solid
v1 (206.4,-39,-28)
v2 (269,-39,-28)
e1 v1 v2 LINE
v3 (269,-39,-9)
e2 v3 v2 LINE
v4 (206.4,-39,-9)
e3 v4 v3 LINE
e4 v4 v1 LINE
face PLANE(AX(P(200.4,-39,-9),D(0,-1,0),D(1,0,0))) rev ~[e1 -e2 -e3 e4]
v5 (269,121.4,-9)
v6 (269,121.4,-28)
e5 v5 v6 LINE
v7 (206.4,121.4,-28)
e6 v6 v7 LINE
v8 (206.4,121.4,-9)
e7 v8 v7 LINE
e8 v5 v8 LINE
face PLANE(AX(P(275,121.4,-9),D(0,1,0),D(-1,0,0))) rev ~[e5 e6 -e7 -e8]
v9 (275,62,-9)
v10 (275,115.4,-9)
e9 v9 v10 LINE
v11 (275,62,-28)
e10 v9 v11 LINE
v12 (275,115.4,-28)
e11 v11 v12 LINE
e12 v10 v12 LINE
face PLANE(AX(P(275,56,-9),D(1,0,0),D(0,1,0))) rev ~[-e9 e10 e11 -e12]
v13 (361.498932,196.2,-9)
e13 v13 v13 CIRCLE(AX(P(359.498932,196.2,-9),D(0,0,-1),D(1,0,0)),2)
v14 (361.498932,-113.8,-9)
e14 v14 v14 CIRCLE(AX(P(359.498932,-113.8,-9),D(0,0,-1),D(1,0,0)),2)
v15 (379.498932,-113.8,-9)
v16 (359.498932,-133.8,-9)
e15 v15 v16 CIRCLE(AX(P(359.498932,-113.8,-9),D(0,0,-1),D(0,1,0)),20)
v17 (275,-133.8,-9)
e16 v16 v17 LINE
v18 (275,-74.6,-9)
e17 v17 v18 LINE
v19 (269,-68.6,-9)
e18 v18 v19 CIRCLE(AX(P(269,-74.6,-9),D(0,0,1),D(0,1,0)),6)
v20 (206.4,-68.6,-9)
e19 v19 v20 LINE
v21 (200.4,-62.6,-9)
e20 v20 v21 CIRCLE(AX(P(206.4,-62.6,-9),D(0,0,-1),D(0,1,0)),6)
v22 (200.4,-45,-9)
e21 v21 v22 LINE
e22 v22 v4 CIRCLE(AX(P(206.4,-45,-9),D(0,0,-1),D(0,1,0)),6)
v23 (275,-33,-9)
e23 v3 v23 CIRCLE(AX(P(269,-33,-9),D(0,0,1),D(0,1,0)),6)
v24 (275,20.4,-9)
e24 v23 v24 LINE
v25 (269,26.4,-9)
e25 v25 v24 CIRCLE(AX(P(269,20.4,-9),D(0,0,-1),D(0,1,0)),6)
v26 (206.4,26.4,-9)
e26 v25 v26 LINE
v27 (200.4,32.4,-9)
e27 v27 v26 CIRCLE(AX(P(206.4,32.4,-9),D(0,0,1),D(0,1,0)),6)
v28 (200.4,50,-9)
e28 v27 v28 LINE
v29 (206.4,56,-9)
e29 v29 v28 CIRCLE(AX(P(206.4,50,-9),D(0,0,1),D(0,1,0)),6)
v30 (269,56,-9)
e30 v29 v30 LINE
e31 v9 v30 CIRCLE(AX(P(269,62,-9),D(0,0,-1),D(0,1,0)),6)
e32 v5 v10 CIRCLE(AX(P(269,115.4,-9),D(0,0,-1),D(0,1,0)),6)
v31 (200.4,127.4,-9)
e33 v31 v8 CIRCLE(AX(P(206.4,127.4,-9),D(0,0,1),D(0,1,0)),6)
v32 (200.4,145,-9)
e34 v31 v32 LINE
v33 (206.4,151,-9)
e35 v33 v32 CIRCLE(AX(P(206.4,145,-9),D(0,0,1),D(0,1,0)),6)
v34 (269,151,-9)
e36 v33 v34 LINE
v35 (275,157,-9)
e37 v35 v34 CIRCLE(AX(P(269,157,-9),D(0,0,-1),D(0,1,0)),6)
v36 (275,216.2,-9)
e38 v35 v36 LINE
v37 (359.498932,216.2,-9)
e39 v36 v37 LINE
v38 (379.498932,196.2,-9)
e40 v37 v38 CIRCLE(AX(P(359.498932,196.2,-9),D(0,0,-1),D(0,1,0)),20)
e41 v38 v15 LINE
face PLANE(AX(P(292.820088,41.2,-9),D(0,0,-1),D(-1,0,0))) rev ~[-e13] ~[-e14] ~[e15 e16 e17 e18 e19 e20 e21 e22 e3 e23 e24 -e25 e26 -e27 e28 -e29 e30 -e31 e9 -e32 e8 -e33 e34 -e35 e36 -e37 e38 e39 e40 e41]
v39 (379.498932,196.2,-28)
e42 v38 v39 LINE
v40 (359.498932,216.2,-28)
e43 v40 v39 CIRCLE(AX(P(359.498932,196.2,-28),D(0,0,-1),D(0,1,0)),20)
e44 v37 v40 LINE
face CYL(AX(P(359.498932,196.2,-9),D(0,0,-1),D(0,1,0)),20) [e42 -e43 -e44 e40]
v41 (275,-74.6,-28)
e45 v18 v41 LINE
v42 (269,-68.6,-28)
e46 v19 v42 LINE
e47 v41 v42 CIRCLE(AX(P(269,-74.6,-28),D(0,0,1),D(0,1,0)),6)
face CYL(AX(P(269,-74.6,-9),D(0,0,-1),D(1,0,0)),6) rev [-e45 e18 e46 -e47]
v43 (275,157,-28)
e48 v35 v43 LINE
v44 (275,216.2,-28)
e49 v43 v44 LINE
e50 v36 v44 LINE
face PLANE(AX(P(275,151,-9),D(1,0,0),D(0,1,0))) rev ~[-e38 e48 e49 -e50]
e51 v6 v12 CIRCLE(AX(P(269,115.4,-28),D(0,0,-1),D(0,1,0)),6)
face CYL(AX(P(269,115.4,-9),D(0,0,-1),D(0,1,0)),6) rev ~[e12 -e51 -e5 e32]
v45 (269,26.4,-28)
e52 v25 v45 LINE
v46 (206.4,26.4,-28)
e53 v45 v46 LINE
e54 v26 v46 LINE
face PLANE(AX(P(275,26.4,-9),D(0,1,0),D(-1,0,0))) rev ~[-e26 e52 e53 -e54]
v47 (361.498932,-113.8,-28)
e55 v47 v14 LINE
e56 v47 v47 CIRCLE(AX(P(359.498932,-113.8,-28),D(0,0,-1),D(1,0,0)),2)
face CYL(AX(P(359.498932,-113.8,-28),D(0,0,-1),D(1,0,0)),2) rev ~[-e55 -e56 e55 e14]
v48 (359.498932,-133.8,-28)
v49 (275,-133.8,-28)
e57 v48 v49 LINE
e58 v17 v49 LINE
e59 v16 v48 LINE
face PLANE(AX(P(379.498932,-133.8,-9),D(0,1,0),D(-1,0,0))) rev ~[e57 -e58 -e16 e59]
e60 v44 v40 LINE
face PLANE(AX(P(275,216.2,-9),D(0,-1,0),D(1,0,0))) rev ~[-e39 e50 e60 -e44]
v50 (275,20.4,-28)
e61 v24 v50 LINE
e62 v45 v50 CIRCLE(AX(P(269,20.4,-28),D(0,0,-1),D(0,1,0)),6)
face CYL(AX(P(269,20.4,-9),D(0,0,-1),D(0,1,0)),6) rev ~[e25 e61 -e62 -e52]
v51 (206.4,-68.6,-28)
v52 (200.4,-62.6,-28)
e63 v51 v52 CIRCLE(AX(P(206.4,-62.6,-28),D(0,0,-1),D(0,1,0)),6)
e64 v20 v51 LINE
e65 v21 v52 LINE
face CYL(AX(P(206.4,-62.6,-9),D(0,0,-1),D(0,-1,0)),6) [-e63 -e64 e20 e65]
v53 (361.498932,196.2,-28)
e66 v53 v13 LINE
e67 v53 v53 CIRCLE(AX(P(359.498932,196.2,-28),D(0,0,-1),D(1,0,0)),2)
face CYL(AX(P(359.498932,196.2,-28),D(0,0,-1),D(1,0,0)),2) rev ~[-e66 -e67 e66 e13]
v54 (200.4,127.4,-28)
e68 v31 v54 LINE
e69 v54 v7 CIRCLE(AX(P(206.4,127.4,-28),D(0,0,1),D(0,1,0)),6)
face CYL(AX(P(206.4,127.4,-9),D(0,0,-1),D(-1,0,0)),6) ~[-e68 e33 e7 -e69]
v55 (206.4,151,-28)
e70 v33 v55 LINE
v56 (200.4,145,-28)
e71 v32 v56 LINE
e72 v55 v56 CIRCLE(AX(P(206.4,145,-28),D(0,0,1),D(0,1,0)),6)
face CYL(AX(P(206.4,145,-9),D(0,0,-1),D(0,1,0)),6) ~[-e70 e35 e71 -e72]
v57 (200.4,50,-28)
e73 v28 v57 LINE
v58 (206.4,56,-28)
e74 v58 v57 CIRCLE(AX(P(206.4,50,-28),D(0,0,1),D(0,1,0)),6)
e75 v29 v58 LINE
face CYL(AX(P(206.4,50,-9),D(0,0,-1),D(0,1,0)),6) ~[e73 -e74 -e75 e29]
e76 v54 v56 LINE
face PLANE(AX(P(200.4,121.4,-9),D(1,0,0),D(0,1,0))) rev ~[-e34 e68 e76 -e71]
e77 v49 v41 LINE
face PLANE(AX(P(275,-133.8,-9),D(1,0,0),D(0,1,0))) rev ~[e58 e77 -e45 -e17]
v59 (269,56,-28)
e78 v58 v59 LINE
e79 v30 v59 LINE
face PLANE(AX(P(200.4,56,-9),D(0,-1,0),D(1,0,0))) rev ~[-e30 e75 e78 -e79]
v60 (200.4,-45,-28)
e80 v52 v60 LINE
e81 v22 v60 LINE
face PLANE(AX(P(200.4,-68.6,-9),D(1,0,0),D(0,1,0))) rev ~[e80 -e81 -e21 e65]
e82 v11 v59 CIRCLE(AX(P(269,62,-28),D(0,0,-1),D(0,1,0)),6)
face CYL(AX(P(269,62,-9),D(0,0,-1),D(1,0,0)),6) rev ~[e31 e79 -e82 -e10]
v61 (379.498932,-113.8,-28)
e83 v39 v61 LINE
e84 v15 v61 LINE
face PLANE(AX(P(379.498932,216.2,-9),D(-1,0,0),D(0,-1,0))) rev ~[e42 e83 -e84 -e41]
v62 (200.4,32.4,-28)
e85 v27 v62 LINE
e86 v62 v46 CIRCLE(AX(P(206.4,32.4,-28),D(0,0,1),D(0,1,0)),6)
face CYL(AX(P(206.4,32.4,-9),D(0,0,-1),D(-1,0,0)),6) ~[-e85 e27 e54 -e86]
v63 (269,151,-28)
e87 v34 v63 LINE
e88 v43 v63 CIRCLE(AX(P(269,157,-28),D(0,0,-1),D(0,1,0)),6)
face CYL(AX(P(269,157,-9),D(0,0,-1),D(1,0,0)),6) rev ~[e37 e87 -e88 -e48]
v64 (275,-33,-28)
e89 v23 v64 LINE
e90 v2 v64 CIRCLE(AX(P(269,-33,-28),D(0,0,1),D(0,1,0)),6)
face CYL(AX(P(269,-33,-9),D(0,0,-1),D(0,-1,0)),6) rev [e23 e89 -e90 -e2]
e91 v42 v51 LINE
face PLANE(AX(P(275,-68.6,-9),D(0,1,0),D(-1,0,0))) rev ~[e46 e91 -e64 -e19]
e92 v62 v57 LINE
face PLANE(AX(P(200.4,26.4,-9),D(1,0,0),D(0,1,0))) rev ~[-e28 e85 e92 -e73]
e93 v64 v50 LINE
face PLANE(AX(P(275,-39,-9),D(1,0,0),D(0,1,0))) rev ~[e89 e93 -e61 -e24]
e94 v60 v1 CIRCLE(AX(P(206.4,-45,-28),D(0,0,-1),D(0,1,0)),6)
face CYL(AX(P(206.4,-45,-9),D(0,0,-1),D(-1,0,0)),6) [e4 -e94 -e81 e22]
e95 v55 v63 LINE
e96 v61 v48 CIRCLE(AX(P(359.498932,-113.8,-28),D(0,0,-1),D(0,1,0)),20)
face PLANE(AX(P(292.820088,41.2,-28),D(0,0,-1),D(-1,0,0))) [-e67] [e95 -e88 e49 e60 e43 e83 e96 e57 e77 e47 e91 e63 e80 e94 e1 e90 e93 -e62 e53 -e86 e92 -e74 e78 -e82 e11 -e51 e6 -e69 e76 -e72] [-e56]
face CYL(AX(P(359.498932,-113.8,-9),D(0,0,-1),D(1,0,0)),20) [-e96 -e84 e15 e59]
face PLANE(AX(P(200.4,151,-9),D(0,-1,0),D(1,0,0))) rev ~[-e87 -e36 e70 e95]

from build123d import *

# Parameters (mm, degrees)
PAD014_DEPTH    = 19
FILLET002_R     = 20
FILLET003_R     = 6
SKETCH029_R     = 2
POCKET019_DEPTH = 19.001


with BuildPart() as part:
    # Sketch017 → Pad014 (new body)
    with BuildSketch(Plane.XY):
        Polygon((275, 216.2), (379.498932, 216.2), (379.498932, -133.8), (275, -133.8), (275, -68.6), (200.4, -68.6), (200.4, -39), (275, -39), (275, 26.4), (200.4, 26.4), (200.4, 56), (275, 56), (275, 121.4), (200.4, 121.4), (200.4, 151), (275, 151), align=None)
    extrude(amount=-PAD014_DEPTH)

    # Fillet002
    fillet002_edges = [part.edges().sort_by_distance(p)[0] for p in [
        (379.498932, 216.2, -9.5),
        (379.498932, -133.8, -9.5),
    ]]
    fillet(fillet002_edges, radius=FILLET002_R)

    # Fillet003
    fillet003_edges = [part.edges().sort_by_distance(p)[0] for p in [
        (200.4, 151, -9.5),
        (200.4, 121.4, -9.5),
        (200.4, 26.4, -9.5),
        (200.4, 56, -9.5),
        (200.4, -39, -9.5),
        (200.4, -68.6, -9.5),
        (275, 151, -9.5),
        (275, 121.4, -9.5),
        (275, 26.4, -9.5),
        (275, -68.6, -9.5),
        (275, -39, -9.5),
        (275, 56, -9.5),
    ]]
    fillet(fillet003_edges, radius=FILLET003_R)

    # Sketch029 (on Face32 of Fillet003) → Pocket019 (cut, through all)
    with BuildSketch(Plane(origin=(0, 0, -19), x_dir=(1, 0, 0), z_dir=(0, 0, -1))):
        with Locations((359.498932, 113.8)):
            Circle(SKETCH029_R)
        with Locations((359.498932, -196.2)):
            Circle(SKETCH029_R)
    extrude(amount=-POCKET019_DEPTH, mode=Mode.SUBTRACT)


with BuildPart() as part_1:
    # Body010 placement: moved
    add(part.part.moved(Location((0, 0, -9))))


solid = part_1.part
